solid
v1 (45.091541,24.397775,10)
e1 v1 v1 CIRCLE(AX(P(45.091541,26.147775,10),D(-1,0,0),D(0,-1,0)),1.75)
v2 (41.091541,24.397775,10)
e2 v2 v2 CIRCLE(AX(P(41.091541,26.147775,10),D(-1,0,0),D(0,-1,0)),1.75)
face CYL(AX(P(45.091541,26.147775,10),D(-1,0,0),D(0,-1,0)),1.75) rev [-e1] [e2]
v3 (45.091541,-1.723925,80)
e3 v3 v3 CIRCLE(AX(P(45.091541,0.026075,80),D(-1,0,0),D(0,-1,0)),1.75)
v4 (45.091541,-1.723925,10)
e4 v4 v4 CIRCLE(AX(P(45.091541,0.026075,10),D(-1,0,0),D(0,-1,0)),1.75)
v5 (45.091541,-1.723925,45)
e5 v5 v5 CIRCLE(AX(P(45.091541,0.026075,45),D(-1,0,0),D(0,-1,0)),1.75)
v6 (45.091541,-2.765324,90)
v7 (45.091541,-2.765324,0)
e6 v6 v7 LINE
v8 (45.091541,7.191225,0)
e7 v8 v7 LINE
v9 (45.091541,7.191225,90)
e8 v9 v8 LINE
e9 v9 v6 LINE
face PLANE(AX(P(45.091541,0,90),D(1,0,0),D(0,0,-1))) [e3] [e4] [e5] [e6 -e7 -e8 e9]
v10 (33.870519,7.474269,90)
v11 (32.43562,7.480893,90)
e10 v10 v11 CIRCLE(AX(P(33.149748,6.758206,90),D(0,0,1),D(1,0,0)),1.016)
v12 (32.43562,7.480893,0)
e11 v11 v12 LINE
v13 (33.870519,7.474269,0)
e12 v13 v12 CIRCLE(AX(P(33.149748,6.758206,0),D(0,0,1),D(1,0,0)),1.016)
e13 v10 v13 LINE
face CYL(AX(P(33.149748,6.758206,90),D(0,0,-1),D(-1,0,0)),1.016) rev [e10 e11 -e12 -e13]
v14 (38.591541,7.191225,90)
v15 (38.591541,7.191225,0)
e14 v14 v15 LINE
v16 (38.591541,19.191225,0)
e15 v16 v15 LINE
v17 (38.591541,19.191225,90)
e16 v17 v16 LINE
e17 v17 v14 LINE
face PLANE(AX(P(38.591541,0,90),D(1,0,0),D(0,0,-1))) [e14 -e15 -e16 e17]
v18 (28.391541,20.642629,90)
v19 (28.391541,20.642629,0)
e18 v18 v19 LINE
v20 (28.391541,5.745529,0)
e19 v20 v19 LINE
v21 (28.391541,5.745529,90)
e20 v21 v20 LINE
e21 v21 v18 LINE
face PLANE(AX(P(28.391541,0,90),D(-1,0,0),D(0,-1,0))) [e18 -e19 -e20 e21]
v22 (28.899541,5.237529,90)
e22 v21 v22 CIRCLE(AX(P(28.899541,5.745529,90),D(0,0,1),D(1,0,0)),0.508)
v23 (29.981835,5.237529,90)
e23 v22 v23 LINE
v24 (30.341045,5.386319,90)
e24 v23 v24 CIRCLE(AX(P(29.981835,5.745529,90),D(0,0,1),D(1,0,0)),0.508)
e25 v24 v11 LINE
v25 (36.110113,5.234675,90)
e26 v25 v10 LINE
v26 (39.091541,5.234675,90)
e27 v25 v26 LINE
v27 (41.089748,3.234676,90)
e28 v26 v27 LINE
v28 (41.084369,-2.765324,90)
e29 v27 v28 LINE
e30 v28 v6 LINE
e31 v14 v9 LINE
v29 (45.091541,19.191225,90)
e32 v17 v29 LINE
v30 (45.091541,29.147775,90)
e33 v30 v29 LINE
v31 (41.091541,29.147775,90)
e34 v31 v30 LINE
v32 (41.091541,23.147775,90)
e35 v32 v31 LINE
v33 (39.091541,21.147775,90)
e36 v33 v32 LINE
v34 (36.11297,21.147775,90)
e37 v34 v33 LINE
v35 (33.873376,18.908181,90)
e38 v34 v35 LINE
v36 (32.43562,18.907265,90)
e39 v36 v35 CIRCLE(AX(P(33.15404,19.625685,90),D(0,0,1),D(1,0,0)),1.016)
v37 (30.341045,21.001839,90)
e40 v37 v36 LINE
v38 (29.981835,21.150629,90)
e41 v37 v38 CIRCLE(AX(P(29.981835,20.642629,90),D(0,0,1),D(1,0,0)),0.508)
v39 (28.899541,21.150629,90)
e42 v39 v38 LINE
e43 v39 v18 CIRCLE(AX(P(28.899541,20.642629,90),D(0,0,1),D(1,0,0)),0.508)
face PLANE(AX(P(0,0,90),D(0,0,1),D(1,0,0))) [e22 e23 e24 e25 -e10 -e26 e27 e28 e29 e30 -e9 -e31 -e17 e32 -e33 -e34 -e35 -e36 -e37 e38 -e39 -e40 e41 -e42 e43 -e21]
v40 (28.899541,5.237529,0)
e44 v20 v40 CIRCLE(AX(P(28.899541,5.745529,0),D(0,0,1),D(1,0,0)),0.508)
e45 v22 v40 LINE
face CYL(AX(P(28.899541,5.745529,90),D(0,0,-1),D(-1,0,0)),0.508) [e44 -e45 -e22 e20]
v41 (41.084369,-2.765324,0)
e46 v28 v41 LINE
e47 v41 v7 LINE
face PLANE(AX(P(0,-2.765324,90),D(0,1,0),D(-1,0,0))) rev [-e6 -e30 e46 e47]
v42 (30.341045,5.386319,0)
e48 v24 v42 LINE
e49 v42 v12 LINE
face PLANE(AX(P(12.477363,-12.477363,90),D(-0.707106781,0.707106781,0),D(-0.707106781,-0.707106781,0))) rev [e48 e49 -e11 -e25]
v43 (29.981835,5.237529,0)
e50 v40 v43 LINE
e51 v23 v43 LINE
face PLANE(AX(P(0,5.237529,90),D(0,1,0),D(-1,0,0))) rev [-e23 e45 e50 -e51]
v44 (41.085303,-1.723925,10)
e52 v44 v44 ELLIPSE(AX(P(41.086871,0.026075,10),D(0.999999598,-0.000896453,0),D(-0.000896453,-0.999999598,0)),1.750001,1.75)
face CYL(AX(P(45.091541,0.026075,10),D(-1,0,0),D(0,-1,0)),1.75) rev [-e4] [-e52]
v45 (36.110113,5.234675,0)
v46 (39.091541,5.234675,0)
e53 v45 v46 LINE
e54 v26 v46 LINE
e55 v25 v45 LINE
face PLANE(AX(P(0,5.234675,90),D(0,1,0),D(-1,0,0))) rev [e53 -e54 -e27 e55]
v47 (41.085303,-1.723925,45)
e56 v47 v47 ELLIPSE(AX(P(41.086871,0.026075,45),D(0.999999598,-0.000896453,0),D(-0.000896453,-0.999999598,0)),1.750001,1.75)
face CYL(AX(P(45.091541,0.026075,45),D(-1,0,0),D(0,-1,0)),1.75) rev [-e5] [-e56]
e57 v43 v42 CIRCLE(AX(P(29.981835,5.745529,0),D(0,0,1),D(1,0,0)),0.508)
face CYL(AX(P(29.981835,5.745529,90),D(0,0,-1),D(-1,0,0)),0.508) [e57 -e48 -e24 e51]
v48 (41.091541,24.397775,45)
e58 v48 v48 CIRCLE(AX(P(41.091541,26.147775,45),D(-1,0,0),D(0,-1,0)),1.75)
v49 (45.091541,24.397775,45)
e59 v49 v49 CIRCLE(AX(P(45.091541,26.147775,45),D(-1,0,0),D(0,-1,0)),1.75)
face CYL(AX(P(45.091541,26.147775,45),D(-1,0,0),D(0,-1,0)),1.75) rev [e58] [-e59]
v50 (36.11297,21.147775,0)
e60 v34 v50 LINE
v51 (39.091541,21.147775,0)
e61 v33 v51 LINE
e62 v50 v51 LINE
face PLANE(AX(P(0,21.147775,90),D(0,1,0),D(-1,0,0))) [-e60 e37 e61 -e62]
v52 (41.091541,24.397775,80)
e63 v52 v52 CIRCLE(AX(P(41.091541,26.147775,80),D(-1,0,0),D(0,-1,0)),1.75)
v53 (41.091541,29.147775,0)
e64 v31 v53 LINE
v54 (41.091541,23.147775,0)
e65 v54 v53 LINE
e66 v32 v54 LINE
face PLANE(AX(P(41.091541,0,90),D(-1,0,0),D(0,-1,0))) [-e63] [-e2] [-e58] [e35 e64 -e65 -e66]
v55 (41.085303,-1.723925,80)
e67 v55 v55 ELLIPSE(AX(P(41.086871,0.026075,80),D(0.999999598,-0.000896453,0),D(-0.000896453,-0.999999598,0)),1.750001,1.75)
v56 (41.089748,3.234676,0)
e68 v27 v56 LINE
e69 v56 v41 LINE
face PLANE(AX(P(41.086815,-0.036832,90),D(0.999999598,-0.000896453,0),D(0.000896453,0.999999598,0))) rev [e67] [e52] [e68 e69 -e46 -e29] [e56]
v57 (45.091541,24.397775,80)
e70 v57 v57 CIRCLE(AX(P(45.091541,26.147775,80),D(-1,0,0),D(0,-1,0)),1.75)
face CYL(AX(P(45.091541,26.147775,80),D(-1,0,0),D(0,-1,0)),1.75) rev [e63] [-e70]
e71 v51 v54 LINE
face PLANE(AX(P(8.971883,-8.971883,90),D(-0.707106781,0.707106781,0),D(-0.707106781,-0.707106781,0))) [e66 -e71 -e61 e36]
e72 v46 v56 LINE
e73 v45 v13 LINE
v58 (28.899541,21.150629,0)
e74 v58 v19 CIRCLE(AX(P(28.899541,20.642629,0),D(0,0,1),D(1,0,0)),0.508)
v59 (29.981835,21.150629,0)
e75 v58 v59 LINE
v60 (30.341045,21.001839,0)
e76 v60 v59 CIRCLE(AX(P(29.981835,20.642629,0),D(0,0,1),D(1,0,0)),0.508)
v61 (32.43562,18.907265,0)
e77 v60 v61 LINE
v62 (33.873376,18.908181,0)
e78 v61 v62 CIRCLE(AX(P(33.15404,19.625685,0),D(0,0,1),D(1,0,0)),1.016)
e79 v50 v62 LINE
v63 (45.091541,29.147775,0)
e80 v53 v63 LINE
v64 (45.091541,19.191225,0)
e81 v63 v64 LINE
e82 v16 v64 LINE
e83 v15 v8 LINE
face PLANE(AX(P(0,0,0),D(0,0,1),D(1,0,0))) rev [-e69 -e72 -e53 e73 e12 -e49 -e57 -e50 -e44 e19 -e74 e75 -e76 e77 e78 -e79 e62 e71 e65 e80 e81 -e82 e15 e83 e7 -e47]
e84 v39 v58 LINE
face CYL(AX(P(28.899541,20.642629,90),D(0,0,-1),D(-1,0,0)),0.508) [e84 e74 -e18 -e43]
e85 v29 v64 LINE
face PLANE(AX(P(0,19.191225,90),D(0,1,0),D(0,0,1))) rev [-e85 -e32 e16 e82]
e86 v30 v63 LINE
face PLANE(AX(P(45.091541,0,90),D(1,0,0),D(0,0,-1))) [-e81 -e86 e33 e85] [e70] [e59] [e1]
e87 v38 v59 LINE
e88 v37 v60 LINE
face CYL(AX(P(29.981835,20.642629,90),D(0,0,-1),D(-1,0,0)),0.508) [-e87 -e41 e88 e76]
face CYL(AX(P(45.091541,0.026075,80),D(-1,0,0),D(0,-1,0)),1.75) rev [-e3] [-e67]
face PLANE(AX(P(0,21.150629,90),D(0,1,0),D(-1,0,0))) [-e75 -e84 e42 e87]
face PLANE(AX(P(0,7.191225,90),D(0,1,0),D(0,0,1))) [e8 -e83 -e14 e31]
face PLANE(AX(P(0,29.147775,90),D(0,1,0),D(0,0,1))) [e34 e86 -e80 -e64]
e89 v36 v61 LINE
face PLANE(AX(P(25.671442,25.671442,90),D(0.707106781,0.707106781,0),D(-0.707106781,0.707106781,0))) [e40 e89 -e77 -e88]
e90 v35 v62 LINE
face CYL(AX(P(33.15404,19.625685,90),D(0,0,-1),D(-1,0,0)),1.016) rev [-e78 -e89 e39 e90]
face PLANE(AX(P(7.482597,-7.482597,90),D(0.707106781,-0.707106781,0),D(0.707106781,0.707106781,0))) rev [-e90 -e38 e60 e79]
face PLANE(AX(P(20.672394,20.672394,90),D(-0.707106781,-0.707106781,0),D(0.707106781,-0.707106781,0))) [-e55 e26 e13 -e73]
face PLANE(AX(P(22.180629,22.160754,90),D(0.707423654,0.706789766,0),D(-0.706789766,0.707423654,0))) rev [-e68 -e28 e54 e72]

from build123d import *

# Parameters (mm, degrees)
BOSS_EXTRUDE1_DEPTH      = 90
CUT_EXTRUDE_3_DEPTH      = 96.450944476
CUT_EXTRUDE_3_DEPTH_BACK = 96.450944476
SKETCH_1_R               = 1.75


with BuildPart() as part:
    # Sketch3 → Boss-Extrude1 (new body)
    with BuildSketch(Plane.XY):
        with BuildLine():
            ThreePointArc((28.391540767, 5.745528826), (28.540330522, 5.386318581), (28.899540767, 5.237528826))
            Line((28.899540767, 5.237528826), (29.981834767, 5.237528826))
            ThreePointArc((29.981834767, 5.237528826), (30.17623795, 5.276198023), (30.341045012, 5.386318581))
            Line((30.341045012, 5.386318581), (32.435619517, 7.480893087))
            ThreePointArc((32.435619517, 7.480893087), (33.154438301, 7.774195584), (33.870518646, 7.474269363))
            Line((33.870518646, 7.474269363), (36.110112773, 5.234675237))
            Line((36.110112773, 5.234675237), (39.091540767, 5.234675237))
            Line((39.091540767, 5.234675237), (41.08974786, 3.234676041))
            Line((41.08974786, 3.234676041), (41.084369139, -2.765323955))
            Line((41.084369139, -2.765323955), (45.091540767, -2.765323955))
            Line((45.091540767, -2.765323955), (45.091540767, 7.191225138))
            Line((45.091540767, 7.191225138), (41.088844083, 7.191225138))
            Line((41.088844083, 7.191225138), (38.591540767, 7.191225138))
            Line((38.591540767, 7.191225138), (38.591540767, 19.191225138))
            Line((38.591540767, 19.191225138), (41.091540767, 19.191225138))
            Line((41.091540767, 19.191225138), (45.091540767, 19.191225138))
            Line((45.091540767, 19.191225138), (45.091540767, 29.147775237))
            Line((45.091540767, 29.147775237), (41.091540767, 29.147775237))
            Line((41.091540767, 29.147775237), (41.091540767, 23.147775237))
            Line((41.091540767, 23.147775237), (39.091540767, 21.147775237))
            Line((39.091540767, 21.147775237), (36.112970002, 21.147775237))
            Line((36.112970002, 21.147775237), (33.873375875, 18.908181111))
            ThreePointArc((33.873375875, 18.908181111), (33.154687691, 18.609685261), (32.435619517, 18.907264564))
            Line((32.435619517, 18.907264564), (30.341045012, 21.00183907))
            ThreePointArc((30.341045012, 21.00183907), (30.17623795, 21.111959628), (29.981834767, 21.150628826))
            Line((29.981834767, 21.150628826), (28.899540767, 21.150628826))
            ThreePointArc((28.899540767, 21.150628826), (28.540330522, 21.00183907), (28.391540767, 20.642628826))
            Line((28.391540767, 20.642628826), (28.391540767, 5.745528826))
        make_face()
    extrude(amount=BOSS_EXTRUDE1_DEPTH)

    # Эскиз1 → Вырез-Вытянуть3 (cut, two sides: drawn at the far end of the back side and taken through both)
    with BuildSketch(Plane.ZY.offset(-41.091540767).offset(-CUT_EXTRUDE_3_DEPTH_BACK)):
        with Locations(Location((10, 0.026075116, 0), (0, 0, 270))):
            Circle(SKETCH_1_R)
        with Locations(Location((45, 0.026075116, 0), (0, 0, 270))):
            Circle(SKETCH_1_R)
        with Locations(Location((80, 0.026075116, 0), (0, 0, 270))):
            Circle(SKETCH_1_R)
        with Locations(Location((45, 26.147775237, 0), (0, 0, 270))):
            Circle(SKETCH_1_R)
        with Locations(Location((80, 26.147775237, 0), (0, 0, 270))):
            Circle(SKETCH_1_R)
        with Locations(Location((10, 26.147775237, 0), (0, 0, 270))):
            Circle(SKETCH_1_R)
    extrude(amount=CUT_EXTRUDE_3_DEPTH + CUT_EXTRUDE_3_DEPTH_BACK, mode=Mode.SUBTRACT)


solid = part.part
